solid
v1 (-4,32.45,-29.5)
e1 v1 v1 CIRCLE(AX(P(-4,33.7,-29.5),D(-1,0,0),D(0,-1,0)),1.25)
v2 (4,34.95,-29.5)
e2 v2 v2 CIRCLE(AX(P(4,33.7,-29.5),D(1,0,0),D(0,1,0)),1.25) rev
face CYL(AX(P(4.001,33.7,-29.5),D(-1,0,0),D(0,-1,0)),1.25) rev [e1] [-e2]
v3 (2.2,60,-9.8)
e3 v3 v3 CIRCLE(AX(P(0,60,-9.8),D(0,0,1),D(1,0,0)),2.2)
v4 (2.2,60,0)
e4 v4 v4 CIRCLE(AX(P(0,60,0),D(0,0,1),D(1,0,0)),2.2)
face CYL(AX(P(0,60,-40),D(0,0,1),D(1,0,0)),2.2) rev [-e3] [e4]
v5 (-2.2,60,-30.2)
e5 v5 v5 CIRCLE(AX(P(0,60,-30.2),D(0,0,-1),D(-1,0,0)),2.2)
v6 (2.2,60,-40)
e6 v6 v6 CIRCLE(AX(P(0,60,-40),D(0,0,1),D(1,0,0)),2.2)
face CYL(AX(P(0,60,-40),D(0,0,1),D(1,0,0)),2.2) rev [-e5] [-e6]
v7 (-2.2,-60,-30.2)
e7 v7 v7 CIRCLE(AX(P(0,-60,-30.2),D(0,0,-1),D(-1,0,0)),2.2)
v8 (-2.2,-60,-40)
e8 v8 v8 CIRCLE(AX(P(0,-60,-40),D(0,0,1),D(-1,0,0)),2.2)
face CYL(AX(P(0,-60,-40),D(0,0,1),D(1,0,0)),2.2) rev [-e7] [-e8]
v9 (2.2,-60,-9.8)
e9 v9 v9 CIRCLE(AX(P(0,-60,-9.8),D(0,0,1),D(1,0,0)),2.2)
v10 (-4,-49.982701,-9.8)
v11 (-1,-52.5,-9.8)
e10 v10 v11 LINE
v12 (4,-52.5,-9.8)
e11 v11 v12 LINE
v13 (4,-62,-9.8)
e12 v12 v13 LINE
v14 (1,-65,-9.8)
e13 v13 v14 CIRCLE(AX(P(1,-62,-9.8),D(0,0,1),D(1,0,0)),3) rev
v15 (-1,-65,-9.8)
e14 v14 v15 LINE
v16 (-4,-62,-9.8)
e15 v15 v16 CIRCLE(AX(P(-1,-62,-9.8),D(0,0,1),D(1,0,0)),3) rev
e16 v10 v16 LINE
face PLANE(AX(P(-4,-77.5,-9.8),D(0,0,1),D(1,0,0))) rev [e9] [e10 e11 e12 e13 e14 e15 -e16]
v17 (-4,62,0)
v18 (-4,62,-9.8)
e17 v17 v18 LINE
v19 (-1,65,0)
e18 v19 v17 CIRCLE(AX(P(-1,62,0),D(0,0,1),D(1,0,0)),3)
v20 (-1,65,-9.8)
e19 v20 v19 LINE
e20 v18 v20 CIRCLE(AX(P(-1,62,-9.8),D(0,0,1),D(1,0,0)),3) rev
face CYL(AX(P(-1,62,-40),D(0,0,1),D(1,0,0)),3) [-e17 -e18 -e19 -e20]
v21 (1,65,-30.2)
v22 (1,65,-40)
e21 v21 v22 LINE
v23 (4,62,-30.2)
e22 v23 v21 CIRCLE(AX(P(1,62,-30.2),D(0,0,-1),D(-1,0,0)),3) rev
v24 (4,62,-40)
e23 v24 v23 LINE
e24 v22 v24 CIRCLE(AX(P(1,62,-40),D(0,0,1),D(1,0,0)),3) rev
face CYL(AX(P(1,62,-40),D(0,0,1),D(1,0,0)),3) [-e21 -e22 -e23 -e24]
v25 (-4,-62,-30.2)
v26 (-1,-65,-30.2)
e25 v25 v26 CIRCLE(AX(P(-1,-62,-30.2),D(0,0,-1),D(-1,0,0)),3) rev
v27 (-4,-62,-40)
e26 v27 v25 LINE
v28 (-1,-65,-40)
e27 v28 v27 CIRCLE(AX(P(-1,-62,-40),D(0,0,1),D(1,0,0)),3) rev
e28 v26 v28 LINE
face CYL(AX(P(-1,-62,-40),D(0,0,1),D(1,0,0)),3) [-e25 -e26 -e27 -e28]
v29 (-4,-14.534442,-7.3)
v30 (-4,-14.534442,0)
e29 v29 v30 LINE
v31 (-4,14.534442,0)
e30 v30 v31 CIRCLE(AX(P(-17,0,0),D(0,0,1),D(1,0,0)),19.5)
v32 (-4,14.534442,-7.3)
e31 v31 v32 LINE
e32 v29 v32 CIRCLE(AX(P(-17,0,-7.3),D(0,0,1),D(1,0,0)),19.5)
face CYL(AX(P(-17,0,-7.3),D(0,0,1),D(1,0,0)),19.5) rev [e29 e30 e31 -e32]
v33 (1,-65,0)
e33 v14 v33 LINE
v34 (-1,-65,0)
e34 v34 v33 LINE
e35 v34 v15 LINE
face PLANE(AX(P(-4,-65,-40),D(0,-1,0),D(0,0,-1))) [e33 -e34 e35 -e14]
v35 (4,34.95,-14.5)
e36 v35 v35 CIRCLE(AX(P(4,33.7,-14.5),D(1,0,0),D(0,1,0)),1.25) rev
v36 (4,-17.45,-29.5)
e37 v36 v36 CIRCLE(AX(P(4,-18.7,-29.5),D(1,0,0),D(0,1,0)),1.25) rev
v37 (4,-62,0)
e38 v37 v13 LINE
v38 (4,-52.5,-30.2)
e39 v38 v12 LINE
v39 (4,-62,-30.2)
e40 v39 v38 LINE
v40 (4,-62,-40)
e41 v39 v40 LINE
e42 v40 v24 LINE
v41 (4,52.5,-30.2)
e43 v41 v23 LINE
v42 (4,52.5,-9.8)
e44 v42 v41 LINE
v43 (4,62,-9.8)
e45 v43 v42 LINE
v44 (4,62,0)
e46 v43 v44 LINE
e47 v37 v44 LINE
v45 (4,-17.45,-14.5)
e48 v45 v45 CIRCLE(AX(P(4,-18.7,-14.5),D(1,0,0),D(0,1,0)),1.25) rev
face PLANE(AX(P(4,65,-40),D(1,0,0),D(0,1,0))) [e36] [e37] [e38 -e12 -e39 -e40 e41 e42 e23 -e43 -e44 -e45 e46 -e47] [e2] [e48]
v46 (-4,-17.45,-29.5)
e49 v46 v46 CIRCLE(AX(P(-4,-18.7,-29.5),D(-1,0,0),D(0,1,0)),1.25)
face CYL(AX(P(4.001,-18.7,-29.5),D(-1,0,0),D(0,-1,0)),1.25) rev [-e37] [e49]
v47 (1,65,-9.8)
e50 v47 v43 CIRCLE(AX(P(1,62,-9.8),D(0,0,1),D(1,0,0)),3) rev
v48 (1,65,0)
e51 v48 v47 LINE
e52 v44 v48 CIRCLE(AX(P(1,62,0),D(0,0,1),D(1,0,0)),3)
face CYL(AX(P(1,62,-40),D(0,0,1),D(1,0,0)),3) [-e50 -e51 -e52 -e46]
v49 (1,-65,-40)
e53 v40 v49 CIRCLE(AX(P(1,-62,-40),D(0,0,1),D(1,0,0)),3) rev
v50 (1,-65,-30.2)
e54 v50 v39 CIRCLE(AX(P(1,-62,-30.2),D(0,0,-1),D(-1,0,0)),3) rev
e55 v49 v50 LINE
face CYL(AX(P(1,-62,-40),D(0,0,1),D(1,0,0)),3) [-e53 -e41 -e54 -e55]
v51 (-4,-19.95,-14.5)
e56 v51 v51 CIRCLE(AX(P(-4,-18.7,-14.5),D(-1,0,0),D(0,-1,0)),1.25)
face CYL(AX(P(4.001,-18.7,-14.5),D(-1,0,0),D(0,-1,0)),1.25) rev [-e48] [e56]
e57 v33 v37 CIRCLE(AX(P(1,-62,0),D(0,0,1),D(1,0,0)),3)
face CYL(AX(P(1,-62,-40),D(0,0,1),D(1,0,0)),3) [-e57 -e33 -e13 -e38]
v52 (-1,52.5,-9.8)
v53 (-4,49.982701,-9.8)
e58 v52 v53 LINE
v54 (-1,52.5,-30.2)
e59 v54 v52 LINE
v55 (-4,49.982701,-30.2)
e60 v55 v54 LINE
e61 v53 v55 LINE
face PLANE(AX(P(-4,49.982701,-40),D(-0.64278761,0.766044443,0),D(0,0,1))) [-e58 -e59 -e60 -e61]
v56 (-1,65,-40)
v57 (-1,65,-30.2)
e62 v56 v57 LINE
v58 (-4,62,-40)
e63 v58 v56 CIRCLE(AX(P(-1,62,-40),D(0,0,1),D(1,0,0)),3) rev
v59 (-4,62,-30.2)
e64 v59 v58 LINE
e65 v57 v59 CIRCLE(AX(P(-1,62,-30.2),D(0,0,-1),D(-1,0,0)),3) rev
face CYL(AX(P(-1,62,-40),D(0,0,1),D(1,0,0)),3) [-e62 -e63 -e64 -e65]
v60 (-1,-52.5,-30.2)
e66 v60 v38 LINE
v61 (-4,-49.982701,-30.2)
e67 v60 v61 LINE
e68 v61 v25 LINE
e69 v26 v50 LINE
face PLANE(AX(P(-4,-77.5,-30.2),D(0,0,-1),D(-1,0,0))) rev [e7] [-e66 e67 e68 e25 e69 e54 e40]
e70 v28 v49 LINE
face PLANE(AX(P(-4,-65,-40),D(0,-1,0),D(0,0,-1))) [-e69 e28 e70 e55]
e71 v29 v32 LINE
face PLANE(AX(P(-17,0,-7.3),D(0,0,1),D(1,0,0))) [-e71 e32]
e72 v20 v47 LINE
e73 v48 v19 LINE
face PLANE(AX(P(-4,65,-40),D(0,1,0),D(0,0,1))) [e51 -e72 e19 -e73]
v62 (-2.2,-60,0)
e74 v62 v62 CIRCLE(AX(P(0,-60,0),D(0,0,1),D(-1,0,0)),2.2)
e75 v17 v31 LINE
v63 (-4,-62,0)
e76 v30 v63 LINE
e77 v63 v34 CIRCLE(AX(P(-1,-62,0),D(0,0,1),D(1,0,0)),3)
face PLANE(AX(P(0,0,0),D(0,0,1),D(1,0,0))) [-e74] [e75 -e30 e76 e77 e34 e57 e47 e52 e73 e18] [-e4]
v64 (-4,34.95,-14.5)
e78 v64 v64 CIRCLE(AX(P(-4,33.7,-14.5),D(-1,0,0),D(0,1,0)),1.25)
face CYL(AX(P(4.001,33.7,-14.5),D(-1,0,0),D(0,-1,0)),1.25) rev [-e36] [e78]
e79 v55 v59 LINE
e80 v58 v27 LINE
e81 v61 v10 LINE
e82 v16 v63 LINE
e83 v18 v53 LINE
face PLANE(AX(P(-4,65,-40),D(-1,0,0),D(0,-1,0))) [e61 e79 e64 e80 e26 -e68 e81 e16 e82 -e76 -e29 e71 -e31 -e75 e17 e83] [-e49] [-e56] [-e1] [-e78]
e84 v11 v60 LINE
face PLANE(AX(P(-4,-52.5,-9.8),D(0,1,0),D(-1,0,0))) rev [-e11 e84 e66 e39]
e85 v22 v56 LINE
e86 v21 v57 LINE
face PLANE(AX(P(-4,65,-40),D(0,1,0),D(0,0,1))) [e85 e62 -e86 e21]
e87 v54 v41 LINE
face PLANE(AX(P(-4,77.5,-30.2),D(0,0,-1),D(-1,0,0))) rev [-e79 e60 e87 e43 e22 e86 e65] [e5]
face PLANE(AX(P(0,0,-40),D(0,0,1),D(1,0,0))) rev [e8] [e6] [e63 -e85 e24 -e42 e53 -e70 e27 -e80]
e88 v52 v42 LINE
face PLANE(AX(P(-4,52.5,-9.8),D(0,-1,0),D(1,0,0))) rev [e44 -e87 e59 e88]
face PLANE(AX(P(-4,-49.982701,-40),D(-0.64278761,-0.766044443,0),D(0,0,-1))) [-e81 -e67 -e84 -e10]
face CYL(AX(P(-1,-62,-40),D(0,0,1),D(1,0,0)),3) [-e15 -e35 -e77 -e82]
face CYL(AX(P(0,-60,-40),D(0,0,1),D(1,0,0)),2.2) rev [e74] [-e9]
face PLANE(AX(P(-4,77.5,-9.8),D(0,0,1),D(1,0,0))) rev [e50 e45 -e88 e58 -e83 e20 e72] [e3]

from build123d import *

# Parameters (mm, degrees)
SKETCH1_W             = 8
SKETCH1_H             = 130
BOSS_EXTRUDE1_DEPTH   = 40
SKETCH2_W             = 20.4
SKETCH2_H             = 25
CUT_EXTRUDE1_DEPTH    = 9
FILLET1_R             = 3
SKETCH3_R             = 2.2
CUT_EXTRUDE2_DEPTH    = 41
SKETCH4_R             = 19.5
CUT_EXTRUDE3_DEPTH    = 7.3
CUT_EXTRUDE5_REACH    = 10
SKETCH6_R             = 1.25
CHAMFER1_SIZE         = 3
CHAMFER1_SIZE2        = 2.517298894
CHAMFER1_PART_2_SIZE  = 3
CHAMFER1_PART_2_SIZE2 = 2.517298894


with BuildPart() as part:
    # Sketch1 → Boss-Extrude1 (new body)
    with BuildSketch(Plane.XY):
        Rectangle(SKETCH1_W, SKETCH1_H)
    extrude(amount=-BOSS_EXTRUDE1_DEPTH)

    # Sketch2 → Cut-Extrude1 (cut, through all)
    with BuildSketch(Plane(origin=(4, 0, 0), x_dir=(0, 0, -1), z_dir=(1, 0, 0))):
        with Locations((20, 65)):
            Rectangle(SKETCH2_W, SKETCH2_H)
        with Locations((20, -65)):
            Rectangle(SKETCH2_W, SKETCH2_H)
    extrude(amount=-CUT_EXTRUDE1_DEPTH, mode=Mode.SUBTRACT)

    # Fillet1
    fillet1_edges = [part.edges().sort_by_distance(p)[0] for p in [
        (4, 65, -4.9),
        (-4, 65, -4.9),
        (-4, -65, -4.9),
        (4, -65, -4.9),
        (4, -65, -35.1),
        (-4, -65, -35.1),
        (-4, 65, -35.1),
        (4, 65, -35.1),
    ]]
    fillet(fillet1_edges, radius=FILLET1_R)

    # Sketch3 → Cut-Extrude2 (cut, through all)
    with BuildSketch(Plane.XY):
        with Locations((0, 60)):
            Circle(SKETCH3_R)
        with Locations((0, -60)):
            Circle(SKETCH3_R)
    extrude(amount=-CUT_EXTRUDE2_DEPTH, mode=Mode.SUBTRACT)

    # Sketch4 → Cut-Extrude3 (cut)
    with BuildSketch(Plane.XY):
        with Locations((-17, 0)):
            Circle(SKETCH4_R)
    extrude(amount=-CUT_EXTRUDE3_DEPTH, mode=Mode.SUBTRACT)

    # Sketch6 → Cut-Extrude5 (cut, up to next)
    with BuildSketch(Plane.ZY.offset(4), mode=Mode.PRIVATE) as cut_extrude5_sk1:
        with Locations((-29.5, 33.7)):
            Circle(SKETCH6_R)
    cut_extrude5_tool1 = extrude(cut_extrude5_sk1.sketch, amount=-CUT_EXTRUDE5_REACH, mode=Mode.PRIVATE) & part.part
    add(cut_extrude5_tool1.solids().sort_by_distance((-4, 33.7, -29.5))[0], mode=Mode.SUBTRACT)
    # Sketch6 → Cut-Extrude5 (cut, up to next)
    with BuildSketch(Plane.ZY.offset(4), mode=Mode.PRIVATE) as cut_extrude5_sk2:
        with Locations((-29.5, -18.7)):
            Circle(SKETCH6_R)
    cut_extrude5_tool2 = extrude(cut_extrude5_sk2.sketch, amount=-CUT_EXTRUDE5_REACH, mode=Mode.PRIVATE) & part.part
    add(cut_extrude5_tool2.solids().sort_by_distance((-4, -18.7, -29.5))[0], mode=Mode.SUBTRACT)
    # Sketch6 → Cut-Extrude5 (cut, up to next)
    with BuildSketch(Plane.ZY.offset(4), mode=Mode.PRIVATE) as cut_extrude5_sk3:
        with Locations((-14.5, 33.7)):
            Circle(SKETCH6_R)
    cut_extrude5_tool3 = extrude(cut_extrude5_sk3.sketch, amount=-CUT_EXTRUDE5_REACH, mode=Mode.PRIVATE) & part.part
    add(cut_extrude5_tool3.solids().sort_by_distance((-4, 33.7, -14.5))[0], mode=Mode.SUBTRACT)
    # Sketch6 → Cut-Extrude5 (cut, up to next)
    with BuildSketch(Plane.ZY.offset(4), mode=Mode.PRIVATE) as cut_extrude5_sk4:
        with Locations((-14.5, -18.7)):
            Circle(SKETCH6_R)
    cut_extrude5_tool4 = extrude(cut_extrude5_sk4.sketch, amount=-CUT_EXTRUDE5_REACH, mode=Mode.PRIVATE) & part.part
    add(cut_extrude5_tool4.solids().sort_by_distance((-4, -18.7, -14.5))[0], mode=Mode.SUBTRACT)

    # Chamfer1
    chamfer1_edges = [part.edges().sort_by_distance(p)[0] for p in [
        (-4, 52.5, -20),
    ]]
    chamfer1_side = [part.faces().sort_by_distance(p)[0] for p in [
        (0, 52.5, -20),
    ]]
    chamfer(chamfer1_edges, length=CHAMFER1_SIZE, length2=CHAMFER1_SIZE2, reference=chamfer1_side[0])

    # Chamfer1 part 2
    chamfer1_part_2_edges = [part.edges().sort_by_distance(p)[0] for p in [
        (-4, -52.5, -20),
    ]]
    chamfer1_part_2_side = [part.faces().sort_by_distance(p)[0] for p in [
        (0, -52.5, -20),
    ]]
    chamfer(chamfer1_part_2_edges, length=CHAMFER1_PART_2_SIZE, length2=CHAMFER1_PART_2_SIZE2, reference=chamfer1_part_2_side[0])


solid = part.part
